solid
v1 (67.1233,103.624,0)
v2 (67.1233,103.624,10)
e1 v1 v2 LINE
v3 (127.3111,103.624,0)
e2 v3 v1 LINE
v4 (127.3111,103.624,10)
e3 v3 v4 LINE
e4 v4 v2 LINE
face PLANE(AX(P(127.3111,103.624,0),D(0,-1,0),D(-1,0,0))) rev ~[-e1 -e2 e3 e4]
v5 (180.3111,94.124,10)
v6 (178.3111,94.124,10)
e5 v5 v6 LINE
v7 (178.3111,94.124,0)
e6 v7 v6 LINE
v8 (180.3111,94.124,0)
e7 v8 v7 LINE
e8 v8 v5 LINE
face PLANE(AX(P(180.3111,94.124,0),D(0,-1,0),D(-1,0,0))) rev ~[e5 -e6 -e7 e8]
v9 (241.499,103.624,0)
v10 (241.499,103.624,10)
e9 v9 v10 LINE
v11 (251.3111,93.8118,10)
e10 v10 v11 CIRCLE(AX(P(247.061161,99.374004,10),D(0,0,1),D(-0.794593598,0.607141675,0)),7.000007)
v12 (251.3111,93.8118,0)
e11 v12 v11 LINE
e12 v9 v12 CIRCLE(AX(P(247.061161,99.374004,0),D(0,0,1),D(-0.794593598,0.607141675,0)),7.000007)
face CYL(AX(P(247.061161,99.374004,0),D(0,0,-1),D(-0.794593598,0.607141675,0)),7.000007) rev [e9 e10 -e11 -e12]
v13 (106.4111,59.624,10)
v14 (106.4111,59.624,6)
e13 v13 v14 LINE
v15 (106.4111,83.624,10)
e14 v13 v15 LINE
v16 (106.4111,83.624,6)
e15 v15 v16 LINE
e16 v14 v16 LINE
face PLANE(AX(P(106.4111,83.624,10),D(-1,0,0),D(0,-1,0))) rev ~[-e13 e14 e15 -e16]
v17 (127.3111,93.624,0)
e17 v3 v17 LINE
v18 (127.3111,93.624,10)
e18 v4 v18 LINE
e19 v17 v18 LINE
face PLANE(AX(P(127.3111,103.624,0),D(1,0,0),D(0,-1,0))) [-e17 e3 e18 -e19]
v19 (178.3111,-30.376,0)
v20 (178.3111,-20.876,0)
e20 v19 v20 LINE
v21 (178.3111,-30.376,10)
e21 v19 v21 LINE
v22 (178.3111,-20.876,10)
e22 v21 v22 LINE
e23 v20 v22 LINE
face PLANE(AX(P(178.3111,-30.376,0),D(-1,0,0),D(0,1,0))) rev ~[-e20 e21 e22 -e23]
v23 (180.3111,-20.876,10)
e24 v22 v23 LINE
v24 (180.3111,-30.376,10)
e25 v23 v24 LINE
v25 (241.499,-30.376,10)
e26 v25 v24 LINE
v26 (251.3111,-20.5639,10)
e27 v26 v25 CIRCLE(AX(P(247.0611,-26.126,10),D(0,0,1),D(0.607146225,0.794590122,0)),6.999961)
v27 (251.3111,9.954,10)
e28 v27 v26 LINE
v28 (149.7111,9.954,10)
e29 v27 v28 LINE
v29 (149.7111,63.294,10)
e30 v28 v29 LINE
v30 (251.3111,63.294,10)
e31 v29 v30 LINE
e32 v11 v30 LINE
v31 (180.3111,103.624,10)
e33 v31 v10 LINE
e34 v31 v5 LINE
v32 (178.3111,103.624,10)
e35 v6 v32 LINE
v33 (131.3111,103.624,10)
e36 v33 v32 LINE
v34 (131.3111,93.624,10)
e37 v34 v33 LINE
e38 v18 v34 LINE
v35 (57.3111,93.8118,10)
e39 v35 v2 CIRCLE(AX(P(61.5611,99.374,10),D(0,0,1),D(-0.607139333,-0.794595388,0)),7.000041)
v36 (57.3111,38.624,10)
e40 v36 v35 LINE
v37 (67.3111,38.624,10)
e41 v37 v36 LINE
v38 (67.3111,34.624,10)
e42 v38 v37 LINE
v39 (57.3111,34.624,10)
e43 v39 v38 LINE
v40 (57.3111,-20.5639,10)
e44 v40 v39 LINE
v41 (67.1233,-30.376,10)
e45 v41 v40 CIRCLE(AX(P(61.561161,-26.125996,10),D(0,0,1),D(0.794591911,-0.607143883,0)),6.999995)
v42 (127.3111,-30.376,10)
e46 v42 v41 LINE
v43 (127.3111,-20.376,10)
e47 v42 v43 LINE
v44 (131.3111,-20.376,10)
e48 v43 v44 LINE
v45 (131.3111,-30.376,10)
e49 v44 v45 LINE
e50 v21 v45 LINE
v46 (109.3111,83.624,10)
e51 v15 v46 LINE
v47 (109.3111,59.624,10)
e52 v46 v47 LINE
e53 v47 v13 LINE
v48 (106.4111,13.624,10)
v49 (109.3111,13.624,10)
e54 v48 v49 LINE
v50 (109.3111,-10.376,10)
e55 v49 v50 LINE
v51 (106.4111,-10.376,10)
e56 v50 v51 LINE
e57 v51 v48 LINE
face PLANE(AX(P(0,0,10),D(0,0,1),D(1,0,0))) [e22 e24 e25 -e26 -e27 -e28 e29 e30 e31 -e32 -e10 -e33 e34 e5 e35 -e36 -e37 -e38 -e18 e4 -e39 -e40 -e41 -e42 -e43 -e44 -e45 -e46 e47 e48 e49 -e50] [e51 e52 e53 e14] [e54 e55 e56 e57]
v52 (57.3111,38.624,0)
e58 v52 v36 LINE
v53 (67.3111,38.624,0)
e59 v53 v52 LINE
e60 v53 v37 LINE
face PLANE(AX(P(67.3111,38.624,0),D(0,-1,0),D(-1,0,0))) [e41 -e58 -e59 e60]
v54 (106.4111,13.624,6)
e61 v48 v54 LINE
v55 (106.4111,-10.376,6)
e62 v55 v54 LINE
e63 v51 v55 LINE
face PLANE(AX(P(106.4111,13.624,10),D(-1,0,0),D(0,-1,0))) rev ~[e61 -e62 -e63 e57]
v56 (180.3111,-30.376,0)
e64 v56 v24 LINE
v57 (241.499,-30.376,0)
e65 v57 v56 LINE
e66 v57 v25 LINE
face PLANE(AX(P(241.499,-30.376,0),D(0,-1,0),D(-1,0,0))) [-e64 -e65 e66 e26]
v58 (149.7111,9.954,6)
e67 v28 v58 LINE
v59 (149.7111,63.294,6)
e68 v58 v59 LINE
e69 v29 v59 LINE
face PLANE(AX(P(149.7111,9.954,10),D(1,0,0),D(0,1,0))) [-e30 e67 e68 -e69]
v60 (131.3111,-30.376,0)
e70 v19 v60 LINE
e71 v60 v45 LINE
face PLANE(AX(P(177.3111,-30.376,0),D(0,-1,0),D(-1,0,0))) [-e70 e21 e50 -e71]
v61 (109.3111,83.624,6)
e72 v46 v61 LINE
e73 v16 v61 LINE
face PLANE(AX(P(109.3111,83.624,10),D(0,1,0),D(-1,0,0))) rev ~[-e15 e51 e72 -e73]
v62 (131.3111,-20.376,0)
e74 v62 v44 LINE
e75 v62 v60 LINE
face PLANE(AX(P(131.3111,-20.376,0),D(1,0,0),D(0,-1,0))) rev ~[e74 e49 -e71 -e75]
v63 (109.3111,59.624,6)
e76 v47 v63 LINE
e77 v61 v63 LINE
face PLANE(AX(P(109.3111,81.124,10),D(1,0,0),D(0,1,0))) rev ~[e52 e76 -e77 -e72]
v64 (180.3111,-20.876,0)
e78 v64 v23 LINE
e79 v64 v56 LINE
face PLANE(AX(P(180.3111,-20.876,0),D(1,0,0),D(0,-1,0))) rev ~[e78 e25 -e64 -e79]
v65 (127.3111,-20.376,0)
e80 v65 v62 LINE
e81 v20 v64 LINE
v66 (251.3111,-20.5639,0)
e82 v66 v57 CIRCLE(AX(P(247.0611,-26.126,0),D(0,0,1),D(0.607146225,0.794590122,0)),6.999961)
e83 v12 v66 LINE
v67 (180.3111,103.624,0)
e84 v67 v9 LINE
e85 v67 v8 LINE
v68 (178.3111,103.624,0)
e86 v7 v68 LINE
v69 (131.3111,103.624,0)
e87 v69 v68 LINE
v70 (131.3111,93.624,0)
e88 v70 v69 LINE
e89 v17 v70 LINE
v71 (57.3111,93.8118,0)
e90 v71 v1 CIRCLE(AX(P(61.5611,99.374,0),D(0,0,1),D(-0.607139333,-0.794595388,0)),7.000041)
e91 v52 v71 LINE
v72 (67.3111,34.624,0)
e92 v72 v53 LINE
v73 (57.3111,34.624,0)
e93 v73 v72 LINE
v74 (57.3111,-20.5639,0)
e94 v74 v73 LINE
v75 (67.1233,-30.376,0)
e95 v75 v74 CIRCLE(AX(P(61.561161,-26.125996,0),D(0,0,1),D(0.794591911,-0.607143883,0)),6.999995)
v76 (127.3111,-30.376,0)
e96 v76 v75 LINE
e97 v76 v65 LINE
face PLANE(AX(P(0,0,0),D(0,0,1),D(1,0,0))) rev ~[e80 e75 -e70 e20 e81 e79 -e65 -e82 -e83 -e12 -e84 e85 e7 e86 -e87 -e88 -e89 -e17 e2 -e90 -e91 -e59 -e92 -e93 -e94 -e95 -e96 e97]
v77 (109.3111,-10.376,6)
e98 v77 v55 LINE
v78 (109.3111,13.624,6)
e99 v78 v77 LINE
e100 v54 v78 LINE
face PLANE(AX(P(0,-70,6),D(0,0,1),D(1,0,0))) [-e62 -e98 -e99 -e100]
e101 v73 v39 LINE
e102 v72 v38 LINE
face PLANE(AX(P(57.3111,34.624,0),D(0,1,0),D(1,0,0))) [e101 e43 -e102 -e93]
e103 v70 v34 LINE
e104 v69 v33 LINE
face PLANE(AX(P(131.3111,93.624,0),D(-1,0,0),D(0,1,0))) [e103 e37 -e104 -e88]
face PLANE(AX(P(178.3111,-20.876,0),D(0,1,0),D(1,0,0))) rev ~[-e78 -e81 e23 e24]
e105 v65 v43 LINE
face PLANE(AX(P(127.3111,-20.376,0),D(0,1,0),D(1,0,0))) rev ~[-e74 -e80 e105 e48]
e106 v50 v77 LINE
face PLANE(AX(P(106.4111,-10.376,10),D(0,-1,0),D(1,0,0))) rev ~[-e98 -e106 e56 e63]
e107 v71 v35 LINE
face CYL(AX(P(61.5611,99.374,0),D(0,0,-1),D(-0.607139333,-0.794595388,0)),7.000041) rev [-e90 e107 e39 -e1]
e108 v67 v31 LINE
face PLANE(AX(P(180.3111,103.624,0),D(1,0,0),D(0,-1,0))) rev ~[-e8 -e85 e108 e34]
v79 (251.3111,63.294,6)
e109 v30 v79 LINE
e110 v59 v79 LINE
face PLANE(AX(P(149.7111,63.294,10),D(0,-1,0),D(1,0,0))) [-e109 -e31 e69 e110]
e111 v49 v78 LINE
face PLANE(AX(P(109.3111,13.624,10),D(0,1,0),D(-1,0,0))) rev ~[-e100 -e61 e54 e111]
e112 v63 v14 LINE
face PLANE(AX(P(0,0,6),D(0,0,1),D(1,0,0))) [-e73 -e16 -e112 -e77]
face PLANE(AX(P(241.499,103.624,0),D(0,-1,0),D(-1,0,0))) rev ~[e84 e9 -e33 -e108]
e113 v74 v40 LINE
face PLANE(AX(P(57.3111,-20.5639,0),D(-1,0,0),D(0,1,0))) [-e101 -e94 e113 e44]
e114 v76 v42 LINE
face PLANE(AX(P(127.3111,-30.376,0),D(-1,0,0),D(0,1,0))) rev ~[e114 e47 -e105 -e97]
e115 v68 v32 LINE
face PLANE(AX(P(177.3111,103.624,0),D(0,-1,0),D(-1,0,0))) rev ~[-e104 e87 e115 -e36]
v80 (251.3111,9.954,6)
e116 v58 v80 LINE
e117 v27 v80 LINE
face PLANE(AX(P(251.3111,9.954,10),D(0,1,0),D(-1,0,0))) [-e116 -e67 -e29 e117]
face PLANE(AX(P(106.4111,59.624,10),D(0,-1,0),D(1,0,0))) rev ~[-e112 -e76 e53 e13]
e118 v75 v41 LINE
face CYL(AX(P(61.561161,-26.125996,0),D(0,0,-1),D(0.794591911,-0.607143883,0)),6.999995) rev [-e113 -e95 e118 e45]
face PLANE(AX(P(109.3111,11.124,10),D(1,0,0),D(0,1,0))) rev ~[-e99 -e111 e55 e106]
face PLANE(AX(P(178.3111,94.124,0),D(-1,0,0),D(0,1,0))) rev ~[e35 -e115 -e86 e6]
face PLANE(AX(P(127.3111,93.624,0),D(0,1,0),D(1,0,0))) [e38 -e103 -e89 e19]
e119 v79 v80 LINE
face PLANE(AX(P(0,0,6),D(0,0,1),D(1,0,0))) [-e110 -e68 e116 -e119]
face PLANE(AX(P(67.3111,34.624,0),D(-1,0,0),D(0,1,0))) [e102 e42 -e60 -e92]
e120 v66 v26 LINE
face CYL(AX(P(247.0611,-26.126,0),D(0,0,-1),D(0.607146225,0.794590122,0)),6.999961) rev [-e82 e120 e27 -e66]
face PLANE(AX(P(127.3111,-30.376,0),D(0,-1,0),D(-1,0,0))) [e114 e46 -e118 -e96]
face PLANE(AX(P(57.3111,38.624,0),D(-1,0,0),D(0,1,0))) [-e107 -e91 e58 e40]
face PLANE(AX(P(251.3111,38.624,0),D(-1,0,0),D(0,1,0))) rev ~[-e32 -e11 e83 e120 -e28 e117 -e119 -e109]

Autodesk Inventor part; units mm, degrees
ref_plane "YZ Plane" through (0, 0, 0) normal (1, 0, 0) x (0, 1, 0)
ref_plane "XZ Plane" through (0, 0, 0) normal (0, 1, 0) x (-1, 0, 0)
ref_plane "XY Plane" through (0, 0, 0) normal (0, 0, 1) x (1, 0, 0)
sketch "Эскиз1" plane through (0, 0, 0) normal (0, 0, 1) x (1, 0, 0)
  line L0 (174.3111, 41.624) -> (229.3111, 41.624) projected
  line L1 (229.3111, 41.624) -> (229.3111, 31.624) projected
  line L2 (229.3111, 31.624) -> (174.3111, 31.624) projected
  line L3 (174.3111, 41.624) -> (174.3111, 31.624) projected
  line L4 (149.3111, 46.624) -> (159.3111, 46.624) projected
  line L5 (149.3111, 46.624) -> (149.3111, 86.624) projected
  line L6 (149.3111, 86.624) -> (159.3111, 86.624) projected
  line L7 (159.3111, 86.624) -> (159.3111, 46.624) projected
  line L8 (134.3111, 31.624) -> (134.3111, 41.624) projected
  line L9 (134.3111, 31.624) -> (79.3111, 31.624) projected
  line L10 (79.3111, 31.624) -> (79.3111, 41.624) projected
  line L11 (79.3111, 41.624) -> (134.3111, 41.624) projected
  line L12 (251.3111, -20.5639) -> (251.3111, 93.8118) projected
  arc A0 (241.499, 103.624) -> (251.3111, 93.8118) centre (247.0611, 99.374) ccw projected
  line L13 (241.499, 103.624) -> (180.3111, 103.624) projected
  line L14 (180.3111, 103.624) -> (180.3111, 94.124) projected
  line L15 (180.3111, 94.124) -> (178.3111, 94.124) projected
  line L16 (178.3111, 94.124) -> (178.3111, 103.624) projected
  line L17 (178.3111, 103.624) -> (130.3111, 103.624) projected
  line L18 (130.3111, 103.624) -> (130.3111, 94.124) projected
  line L19 (130.3111, 94.124) -> (128.3111, 94.124) projected
  line L20 (128.3111, 94.124) -> (128.3111, 103.624) projected
  line L21 (128.3111, 103.624) -> (67.1233, 103.624) projected
  arc A1 (57.3111, 93.8118) -> (67.1233, 103.624) centre (61.5611, 99.374) ccw projected
  line L22 (57.3111, -20.5639) -> (57.3111, 93.8118) projected
  arc A2 (67.1233, -30.376) -> (57.3111, -20.5639) centre (61.5611, -26.126) ccw projected
  line L23 (128.3111, -30.376) -> (67.1233, -30.376) projected
  line L24 (128.3111, -30.376) -> (128.3111, -20.876) projected
  line L25 (128.3111, -20.876) -> (130.3111, -20.876) projected
  line L26 (130.3111, -20.876) -> (130.3111, -30.376) projected
  line L27 (178.3111, -30.376) -> (130.3111, -30.376) projected
  line L28 (178.3111, -30.376) -> (178.3111, -20.876) projected
  line L29 (178.3111, -20.876) -> (180.3111, -20.876) projected
  line L30 (180.3111, -20.876) -> (180.3111, -30.376) projected
  line L31 (241.499, -30.376) -> (180.3111, -30.376) projected
  arc A3 (251.3111, -20.5639) -> (241.499, -30.376) centre (247.0611, -26.126) ccw projected
  circle A4 centre (229.3111, 86.624) radius 5 projected
  circle A5 centre (79.3111, -13.376) radius 5 projected
  circle A6 centre (79.3111, 86.624) radius 5 projected
  circle A7 centre (229.3111, -13.376) radius 5 projected
  line L32 (159.3111, 26.624) -> (149.3111, 26.624) projected
  line L33 (159.3111, 26.624) -> (159.3111, -13.376) projected
  line L34 (159.3111, -13.376) -> (149.3111, -13.376) projected
  line L35 (149.3111, -13.376) -> (149.3111, 26.624) projected
  line L36 (241.499, 103.624) -> (67.1233, 103.624)
  line L37 (57.3111, 93.8118) -> (57.3111, -20.5639)
  line L38 (67.1233, -30.376) -> (241.499, -30.376)
  line L39 (251.3111, -20.5639) -> (251.3111, 93.8118)
  arc A8 (251.3111, -20.5639) -> (241.499, -30.376) centre (247.0611, -26.126) ccw
  arc A9 (67.1233, -30.376) -> (57.3111, -20.5639) centre (61.5611, -26.126) ccw
  arc A10 (57.3111, 93.8118) -> (67.1233, 103.624) centre (61.5611, 99.374) ccw
  arc A11 (241.499, 103.624) -> (251.3111, 93.8118) centre (247.0611, 99.374) ccw
  line L40 (57.3111, 35.624) -> (57.3111, 37.624) construction
  line L41 (251.3111, 35.624) -> (251.3111, 37.624) construction
  line L42 (181.3111, -30.376) -> (177.3111, -30.376)
  line L43 (177.3111, -30.376) -> (177.3111, -20.376)
  line L44 (177.3111, -20.376) -> (181.3111, -20.376)
  line L45 (181.3111, -20.376) -> (181.3111, -30.376)
  line L46 (131.3111, -30.376) -> (127.3111, -30.376)
  line L47 (127.3111, -30.376) -> (127.3111, -20.376)
  line L48 (127.3111, -20.376) -> (131.3111, -20.376)
  line L49 (131.3111, -20.376) -> (131.3111, -30.376)
  line L50 (57.3111, 34.624) -> (67.3111, 34.624)
  line L51 (67.3111, 34.624) -> (67.3111, 38.624)
  line L52 (67.3111, 38.624) -> (57.3111, 38.624)
  line L53 (57.3111, 38.624) -> (57.3111, 34.624)
  line L54 (131.3111, 103.624) -> (127.3111, 103.624)
  line L55 (127.3111, 103.624) -> (127.3111, 93.624)
  line L56 (127.3111, 93.624) -> (131.3111, 93.624)
  line L57 (131.3111, 93.624) -> (131.3111, 103.624)
  line L58 (181.3111, 103.624) -> (177.3111, 103.624)
  line L59 (177.3111, 103.624) -> (177.3111, 93.624)
  line L60 (177.3111, 93.624) -> (181.3111, 93.624)
  line L61 (181.3111, 93.624) -> (181.3111, 103.624)
  line L62 (251.3111, 38.624) -> (241.3111, 38.624)
  line L63 (241.3111, 38.624) -> (241.3111, 34.624)
  line L64 (241.3111, 34.624) -> (251.3111, 34.624)
  line L65 (251.3111, 34.624) -> (251.3111, 38.624)
  point P0 (0, 0)
  point P1 (154.3111, 103.624)
  point P2 (154.3111, -30.376)
  point P3 (57.3111, 36.624)
  point P4 (251.3111, 36.624)
  point P5 (179.3111, -20.376)
  point P6 (179.3111, -20.876)
  point P7 (129.3111, -20.376)
  point P8 (129.3111, -20.876)
  point P9 (67.3111, 36.624)
  point P10 (66.8111, 36.624)
  point P11 (129.3111, 93.624)
  point P12 (129.3111, 94.124)
  point P13 (179.3111, 93.624)
  point P14 (179.3111, 94.124)
  point P15 (241.3111, 36.624)
  point P16 (241.8111, 36.624)
  dimension "d0" = 4
  dimension "d1" = 10
  dimension "d2" = 10
  dimension "d3" = 4
  dimension "d4" = 10
  dimension "d5" = 4
  dimension "d6" = 10
  dimension "d7" = 4
  dimension "d8" = 4
  dimension "d9" = 10
  dimension "d10" = 10
  dimension "d11" = 4
extrude "Выдавливание1" add sketch "Эскиз1" along normal blind 10 contours L0 L1 L2 L3 | L5 L6 L7 L4 | L9 L10 L11 L8 | A3 L31 L45 L44 L43 L27 L49 L48 L47 L23 A2 L22 L50 L51 L52 A1 L21 L55 L56 L57 L17 L59 L60 L61 L13 A0 L12 L62 L63 L64 | L64 L63 L62 L12 | L31 L30 L29 L28 L27 L43 L44 L45 | L61 L60 L59 L17 L16 L15 L14 L13 | A4 | A5 | A6 | A7 | L33 L34 L35 L32
sketch "Эскиз2" plane through (0, 0, 10) normal (0, 0, 1) x (1, 0, 0)
  line L0 (251.3111, 9.954) -> (149.7111, 9.954)
  line L1 (149.7111, 9.954) -> (149.7111, 63.294)
  line L2 (149.7111, 63.294) -> (251.3111, 63.294)
  line L3 (251.3111, 63.294) -> (251.3111, 9.954)
  line L4 (251.3111, -20.5639) -> (251.3111, 35.624) projected
  line L5 (251.3111, 37.624) -> (251.3111, 93.8118) projected
  line L6 (251.3111, 35.624) -> (251.3111, 37.624) construction
  line L7 (154.7911, 9.954) -> (251.3111, 9.954) projected
  point P0 (0, 0)
  point P1 (251.3111, 36.624)
  dimension "d14" = 101.6
  dimension "d15" = 53.34
extrude "Выдавливание2" cut sketch "Эскиз2" against normal blind 4
sketch "Эскиз9" plane through (0, 0, 10) normal (0, 0, 1) x (1, 0, 0)
  line L0 (109.3111, 83.624) -> (107.3111, 83.624) projected
  line L1 (109.3111, 62.124) -> (109.3111, 81.124) projected
  line L2 (107.3111, 62.124) -> (107.3111, 81.124) projected
  line L3 (109.3111, 59.624) -> (107.3111, 59.624) projected
  line L4 (106.4111, 62.5941) -> (106.4111, 64.4694) projected
  line L5 (106.4111, 69.3382) -> (106.4111, 70.0888) projected
  line L6 (106.4111, 77.7718) -> (106.4111, 78.6108) projected
  line L7 (106.4111, 79.5822) -> (106.4111, 80.2887) projected
  line L8 (109.3111, 83.624) -> (106.4111, 83.624)
  line L9 (106.4111, 83.624) -> (106.4111, 59.624)
  line L10 (106.4111, 59.624) -> (109.3111, 59.624)
  line L11 (109.3111, 59.624) -> (109.3111, 83.624)
  point P0 (0, 0)
extrude "Выдавливание11" cut sketch "Эскиз9" against normal blind 4
pattern_linear "Прямоуг.массив1" count 2 spacing 70 along (0, -1, 0) of "Выдавливание11"
equation "\"d2\" = d1"
equation "\"d3\" = d0"
equation "\"d4\" = d2"
equation "\"d5\" = d3"
equation "\"d6\" = d4"
equation "\"d7\" = d5"
equation "\"d8\" = d7"
equation "\"d9\" = d6"
equation "\"d10\" = d1"
equation "\"d11\" = d0"
properties part number "Каркас"
